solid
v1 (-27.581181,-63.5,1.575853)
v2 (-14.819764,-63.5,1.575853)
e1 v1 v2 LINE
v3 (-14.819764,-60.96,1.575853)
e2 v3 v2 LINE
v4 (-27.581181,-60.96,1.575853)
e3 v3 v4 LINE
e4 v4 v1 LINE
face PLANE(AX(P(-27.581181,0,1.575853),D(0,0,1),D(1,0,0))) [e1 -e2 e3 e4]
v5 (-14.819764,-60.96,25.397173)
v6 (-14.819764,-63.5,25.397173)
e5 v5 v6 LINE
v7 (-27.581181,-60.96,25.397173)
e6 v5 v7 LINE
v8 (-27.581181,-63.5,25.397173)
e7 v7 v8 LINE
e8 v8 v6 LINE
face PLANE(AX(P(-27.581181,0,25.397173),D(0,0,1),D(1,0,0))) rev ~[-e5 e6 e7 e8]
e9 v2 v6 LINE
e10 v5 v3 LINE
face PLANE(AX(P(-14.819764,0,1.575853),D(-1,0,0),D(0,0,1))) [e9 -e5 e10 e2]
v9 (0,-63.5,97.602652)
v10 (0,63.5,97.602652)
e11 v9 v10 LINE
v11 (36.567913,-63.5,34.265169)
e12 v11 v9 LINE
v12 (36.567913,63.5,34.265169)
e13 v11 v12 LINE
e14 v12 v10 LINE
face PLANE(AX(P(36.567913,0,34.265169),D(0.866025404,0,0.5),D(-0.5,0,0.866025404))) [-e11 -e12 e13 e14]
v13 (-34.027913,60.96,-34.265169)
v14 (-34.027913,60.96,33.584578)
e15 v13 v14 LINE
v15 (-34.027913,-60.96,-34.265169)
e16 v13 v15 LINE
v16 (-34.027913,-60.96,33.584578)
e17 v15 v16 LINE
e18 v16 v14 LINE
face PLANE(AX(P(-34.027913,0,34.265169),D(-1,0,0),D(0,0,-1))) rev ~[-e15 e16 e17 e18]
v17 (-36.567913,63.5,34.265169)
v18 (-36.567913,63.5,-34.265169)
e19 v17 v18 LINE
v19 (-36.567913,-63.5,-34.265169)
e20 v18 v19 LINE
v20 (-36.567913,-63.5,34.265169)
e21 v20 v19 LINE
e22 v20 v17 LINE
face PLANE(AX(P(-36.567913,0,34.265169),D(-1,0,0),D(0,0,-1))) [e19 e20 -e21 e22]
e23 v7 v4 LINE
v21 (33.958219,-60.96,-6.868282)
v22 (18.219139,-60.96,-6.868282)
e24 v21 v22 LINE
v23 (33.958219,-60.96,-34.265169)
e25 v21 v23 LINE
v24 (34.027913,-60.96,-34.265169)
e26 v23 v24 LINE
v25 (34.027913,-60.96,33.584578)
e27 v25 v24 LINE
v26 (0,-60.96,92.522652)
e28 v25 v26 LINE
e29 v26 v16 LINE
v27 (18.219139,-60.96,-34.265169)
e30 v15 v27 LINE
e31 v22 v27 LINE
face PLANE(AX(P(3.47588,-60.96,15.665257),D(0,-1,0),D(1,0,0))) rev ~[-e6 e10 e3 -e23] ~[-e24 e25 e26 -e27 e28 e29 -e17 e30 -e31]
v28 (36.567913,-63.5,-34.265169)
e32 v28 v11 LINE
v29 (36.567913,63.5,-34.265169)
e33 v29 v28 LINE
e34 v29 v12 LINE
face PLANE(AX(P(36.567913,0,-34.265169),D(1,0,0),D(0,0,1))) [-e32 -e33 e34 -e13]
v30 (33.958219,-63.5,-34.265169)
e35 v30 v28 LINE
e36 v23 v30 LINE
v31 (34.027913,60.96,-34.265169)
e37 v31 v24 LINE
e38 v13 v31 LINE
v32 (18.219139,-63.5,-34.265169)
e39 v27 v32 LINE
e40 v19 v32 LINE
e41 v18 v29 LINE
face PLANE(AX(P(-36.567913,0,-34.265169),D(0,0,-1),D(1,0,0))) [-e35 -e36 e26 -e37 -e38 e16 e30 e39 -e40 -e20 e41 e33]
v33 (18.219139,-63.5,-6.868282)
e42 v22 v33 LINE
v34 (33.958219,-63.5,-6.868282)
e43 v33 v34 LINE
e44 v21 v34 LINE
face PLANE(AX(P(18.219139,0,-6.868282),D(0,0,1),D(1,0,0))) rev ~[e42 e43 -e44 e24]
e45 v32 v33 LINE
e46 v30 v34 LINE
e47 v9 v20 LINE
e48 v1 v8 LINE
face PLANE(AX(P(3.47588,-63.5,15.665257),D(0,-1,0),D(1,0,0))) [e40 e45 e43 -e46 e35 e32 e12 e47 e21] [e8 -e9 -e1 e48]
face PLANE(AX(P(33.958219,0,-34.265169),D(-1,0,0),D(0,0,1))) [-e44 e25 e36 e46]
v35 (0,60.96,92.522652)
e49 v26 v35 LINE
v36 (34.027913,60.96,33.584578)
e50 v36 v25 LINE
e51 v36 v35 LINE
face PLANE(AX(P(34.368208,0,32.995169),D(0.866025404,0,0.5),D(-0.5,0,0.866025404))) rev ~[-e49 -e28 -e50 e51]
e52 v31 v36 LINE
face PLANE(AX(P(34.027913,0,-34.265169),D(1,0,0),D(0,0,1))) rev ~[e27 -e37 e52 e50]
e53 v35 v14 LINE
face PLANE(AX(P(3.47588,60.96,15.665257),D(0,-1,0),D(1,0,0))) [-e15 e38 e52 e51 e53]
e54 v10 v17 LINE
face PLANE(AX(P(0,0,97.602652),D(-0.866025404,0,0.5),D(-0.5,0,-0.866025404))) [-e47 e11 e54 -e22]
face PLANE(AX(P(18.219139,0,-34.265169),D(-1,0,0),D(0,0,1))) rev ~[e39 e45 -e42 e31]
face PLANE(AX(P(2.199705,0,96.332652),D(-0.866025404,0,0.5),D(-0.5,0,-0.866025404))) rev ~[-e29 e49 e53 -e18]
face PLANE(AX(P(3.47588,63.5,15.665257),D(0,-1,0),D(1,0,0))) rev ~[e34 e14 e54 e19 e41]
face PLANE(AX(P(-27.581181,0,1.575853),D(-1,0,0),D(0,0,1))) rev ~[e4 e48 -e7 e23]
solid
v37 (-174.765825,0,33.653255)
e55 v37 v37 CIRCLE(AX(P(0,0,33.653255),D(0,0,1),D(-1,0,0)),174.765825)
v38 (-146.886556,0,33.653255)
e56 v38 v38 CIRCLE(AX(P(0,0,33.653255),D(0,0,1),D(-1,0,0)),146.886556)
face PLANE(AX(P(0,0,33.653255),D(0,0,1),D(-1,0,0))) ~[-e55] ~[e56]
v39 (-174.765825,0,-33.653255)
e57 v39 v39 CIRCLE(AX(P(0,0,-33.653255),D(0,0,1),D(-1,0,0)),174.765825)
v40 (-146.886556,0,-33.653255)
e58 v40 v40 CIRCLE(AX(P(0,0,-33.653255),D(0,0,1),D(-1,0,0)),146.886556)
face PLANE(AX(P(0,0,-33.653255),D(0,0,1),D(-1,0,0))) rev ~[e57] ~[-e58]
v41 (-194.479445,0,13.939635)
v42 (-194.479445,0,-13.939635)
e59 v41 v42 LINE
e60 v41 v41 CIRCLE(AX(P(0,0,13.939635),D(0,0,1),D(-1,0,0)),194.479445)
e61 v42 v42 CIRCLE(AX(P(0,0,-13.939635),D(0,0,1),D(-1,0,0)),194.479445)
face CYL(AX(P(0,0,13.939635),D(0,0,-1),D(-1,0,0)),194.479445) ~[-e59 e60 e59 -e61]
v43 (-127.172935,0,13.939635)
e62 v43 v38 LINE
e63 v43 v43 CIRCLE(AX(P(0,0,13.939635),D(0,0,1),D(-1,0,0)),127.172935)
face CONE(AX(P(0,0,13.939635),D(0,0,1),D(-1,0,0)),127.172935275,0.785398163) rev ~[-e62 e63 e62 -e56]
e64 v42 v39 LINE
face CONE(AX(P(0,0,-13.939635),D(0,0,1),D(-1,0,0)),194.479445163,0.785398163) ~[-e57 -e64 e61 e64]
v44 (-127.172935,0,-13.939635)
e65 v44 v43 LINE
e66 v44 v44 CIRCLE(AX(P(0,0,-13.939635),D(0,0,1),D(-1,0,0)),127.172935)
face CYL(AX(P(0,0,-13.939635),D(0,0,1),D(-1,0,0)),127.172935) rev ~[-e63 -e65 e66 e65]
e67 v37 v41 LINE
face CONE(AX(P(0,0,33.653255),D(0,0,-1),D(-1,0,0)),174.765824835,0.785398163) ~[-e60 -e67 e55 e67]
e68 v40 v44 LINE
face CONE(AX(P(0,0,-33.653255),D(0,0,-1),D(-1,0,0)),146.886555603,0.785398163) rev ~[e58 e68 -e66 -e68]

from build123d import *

# Parameters (mm, degrees)
F0_W     = 12.7614177763
F0_H     = 23.8213203847
F0_W_2   = 15.7390795648
F0_H_2   = 27.3968875408
F1_DEPTH = 63.5
F2_T     = -2.54
F3_DEPTH = 63.5


with BuildPart() as f1:
    # F0 (on Front) → F1 (new body, symmetric)
    with BuildSketch(Plane.XZ):
        Polygon((-36.5679125852, 34.2651693315), (-36.5679125852, -34.2651693315), (18.2191394269, -34.2651693315), (18.2191394269, -6.8682817907), (33.9582189918, -6.8682817907), (33.9582189918, -34.2651693315), (36.5679125852, -34.2651693315), (36.5679125852, 34.2651693315), (0, 97.6026518557), align=None)
        with Locations((-21.200472489, 13.4865129367)):
            Rectangle(F0_W, F0_H, mode=Mode.SUBTRACT)
        with Locations((26.0886792094, -20.5667255611)):
            Rectangle(F0_W_2, F0_H_2)
        with Locations((-21.200472489, 13.4865129367)):
            Rectangle(F0_W, F0_H)
    extrude(amount=F1_DEPTH, both=True)

    # F2
    f2_openings = [f1.faces().sort_by_distance(p)[0] for p in [
        (0, 0, -34.265169),
    ]]
    offset(amount=F2_T, openings=f2_openings)

    # F0 (on Front) → F3 (cut, through all)
    with BuildSketch(Plane.XZ):
        with Locations((-21.200472489, 13.4865129367)):
            Rectangle(F0_W, F0_H)
        with Locations((26.0886792094, -20.5667255611)):
            Rectangle(F0_W_2, F0_H_2)
    extrude(amount=F3_DEPTH, mode=Mode.SUBTRACT)


with BuildPart() as f5:
    # F4 (on Front) → F5 (revolve)
    with BuildSketch(Plane.XZ):
        Polygon((-146.8865556031, -33.6532549442), (-127.1729352748, -13.9396346159), (-127.1729352748, 13.9396346159), (-146.8865556031, 33.6532549442), (-174.7658248349, 33.6532549442), (-194.4794451632, 13.9396346159), (-194.4794451632, -13.9396346159), (-174.7658248349, -33.6532549442), align=None)
    revolve(axis=Axis((0, 0, 48.9743426442), (0, 0, 1)))


solid = Compound([f1.part, f5.part])
